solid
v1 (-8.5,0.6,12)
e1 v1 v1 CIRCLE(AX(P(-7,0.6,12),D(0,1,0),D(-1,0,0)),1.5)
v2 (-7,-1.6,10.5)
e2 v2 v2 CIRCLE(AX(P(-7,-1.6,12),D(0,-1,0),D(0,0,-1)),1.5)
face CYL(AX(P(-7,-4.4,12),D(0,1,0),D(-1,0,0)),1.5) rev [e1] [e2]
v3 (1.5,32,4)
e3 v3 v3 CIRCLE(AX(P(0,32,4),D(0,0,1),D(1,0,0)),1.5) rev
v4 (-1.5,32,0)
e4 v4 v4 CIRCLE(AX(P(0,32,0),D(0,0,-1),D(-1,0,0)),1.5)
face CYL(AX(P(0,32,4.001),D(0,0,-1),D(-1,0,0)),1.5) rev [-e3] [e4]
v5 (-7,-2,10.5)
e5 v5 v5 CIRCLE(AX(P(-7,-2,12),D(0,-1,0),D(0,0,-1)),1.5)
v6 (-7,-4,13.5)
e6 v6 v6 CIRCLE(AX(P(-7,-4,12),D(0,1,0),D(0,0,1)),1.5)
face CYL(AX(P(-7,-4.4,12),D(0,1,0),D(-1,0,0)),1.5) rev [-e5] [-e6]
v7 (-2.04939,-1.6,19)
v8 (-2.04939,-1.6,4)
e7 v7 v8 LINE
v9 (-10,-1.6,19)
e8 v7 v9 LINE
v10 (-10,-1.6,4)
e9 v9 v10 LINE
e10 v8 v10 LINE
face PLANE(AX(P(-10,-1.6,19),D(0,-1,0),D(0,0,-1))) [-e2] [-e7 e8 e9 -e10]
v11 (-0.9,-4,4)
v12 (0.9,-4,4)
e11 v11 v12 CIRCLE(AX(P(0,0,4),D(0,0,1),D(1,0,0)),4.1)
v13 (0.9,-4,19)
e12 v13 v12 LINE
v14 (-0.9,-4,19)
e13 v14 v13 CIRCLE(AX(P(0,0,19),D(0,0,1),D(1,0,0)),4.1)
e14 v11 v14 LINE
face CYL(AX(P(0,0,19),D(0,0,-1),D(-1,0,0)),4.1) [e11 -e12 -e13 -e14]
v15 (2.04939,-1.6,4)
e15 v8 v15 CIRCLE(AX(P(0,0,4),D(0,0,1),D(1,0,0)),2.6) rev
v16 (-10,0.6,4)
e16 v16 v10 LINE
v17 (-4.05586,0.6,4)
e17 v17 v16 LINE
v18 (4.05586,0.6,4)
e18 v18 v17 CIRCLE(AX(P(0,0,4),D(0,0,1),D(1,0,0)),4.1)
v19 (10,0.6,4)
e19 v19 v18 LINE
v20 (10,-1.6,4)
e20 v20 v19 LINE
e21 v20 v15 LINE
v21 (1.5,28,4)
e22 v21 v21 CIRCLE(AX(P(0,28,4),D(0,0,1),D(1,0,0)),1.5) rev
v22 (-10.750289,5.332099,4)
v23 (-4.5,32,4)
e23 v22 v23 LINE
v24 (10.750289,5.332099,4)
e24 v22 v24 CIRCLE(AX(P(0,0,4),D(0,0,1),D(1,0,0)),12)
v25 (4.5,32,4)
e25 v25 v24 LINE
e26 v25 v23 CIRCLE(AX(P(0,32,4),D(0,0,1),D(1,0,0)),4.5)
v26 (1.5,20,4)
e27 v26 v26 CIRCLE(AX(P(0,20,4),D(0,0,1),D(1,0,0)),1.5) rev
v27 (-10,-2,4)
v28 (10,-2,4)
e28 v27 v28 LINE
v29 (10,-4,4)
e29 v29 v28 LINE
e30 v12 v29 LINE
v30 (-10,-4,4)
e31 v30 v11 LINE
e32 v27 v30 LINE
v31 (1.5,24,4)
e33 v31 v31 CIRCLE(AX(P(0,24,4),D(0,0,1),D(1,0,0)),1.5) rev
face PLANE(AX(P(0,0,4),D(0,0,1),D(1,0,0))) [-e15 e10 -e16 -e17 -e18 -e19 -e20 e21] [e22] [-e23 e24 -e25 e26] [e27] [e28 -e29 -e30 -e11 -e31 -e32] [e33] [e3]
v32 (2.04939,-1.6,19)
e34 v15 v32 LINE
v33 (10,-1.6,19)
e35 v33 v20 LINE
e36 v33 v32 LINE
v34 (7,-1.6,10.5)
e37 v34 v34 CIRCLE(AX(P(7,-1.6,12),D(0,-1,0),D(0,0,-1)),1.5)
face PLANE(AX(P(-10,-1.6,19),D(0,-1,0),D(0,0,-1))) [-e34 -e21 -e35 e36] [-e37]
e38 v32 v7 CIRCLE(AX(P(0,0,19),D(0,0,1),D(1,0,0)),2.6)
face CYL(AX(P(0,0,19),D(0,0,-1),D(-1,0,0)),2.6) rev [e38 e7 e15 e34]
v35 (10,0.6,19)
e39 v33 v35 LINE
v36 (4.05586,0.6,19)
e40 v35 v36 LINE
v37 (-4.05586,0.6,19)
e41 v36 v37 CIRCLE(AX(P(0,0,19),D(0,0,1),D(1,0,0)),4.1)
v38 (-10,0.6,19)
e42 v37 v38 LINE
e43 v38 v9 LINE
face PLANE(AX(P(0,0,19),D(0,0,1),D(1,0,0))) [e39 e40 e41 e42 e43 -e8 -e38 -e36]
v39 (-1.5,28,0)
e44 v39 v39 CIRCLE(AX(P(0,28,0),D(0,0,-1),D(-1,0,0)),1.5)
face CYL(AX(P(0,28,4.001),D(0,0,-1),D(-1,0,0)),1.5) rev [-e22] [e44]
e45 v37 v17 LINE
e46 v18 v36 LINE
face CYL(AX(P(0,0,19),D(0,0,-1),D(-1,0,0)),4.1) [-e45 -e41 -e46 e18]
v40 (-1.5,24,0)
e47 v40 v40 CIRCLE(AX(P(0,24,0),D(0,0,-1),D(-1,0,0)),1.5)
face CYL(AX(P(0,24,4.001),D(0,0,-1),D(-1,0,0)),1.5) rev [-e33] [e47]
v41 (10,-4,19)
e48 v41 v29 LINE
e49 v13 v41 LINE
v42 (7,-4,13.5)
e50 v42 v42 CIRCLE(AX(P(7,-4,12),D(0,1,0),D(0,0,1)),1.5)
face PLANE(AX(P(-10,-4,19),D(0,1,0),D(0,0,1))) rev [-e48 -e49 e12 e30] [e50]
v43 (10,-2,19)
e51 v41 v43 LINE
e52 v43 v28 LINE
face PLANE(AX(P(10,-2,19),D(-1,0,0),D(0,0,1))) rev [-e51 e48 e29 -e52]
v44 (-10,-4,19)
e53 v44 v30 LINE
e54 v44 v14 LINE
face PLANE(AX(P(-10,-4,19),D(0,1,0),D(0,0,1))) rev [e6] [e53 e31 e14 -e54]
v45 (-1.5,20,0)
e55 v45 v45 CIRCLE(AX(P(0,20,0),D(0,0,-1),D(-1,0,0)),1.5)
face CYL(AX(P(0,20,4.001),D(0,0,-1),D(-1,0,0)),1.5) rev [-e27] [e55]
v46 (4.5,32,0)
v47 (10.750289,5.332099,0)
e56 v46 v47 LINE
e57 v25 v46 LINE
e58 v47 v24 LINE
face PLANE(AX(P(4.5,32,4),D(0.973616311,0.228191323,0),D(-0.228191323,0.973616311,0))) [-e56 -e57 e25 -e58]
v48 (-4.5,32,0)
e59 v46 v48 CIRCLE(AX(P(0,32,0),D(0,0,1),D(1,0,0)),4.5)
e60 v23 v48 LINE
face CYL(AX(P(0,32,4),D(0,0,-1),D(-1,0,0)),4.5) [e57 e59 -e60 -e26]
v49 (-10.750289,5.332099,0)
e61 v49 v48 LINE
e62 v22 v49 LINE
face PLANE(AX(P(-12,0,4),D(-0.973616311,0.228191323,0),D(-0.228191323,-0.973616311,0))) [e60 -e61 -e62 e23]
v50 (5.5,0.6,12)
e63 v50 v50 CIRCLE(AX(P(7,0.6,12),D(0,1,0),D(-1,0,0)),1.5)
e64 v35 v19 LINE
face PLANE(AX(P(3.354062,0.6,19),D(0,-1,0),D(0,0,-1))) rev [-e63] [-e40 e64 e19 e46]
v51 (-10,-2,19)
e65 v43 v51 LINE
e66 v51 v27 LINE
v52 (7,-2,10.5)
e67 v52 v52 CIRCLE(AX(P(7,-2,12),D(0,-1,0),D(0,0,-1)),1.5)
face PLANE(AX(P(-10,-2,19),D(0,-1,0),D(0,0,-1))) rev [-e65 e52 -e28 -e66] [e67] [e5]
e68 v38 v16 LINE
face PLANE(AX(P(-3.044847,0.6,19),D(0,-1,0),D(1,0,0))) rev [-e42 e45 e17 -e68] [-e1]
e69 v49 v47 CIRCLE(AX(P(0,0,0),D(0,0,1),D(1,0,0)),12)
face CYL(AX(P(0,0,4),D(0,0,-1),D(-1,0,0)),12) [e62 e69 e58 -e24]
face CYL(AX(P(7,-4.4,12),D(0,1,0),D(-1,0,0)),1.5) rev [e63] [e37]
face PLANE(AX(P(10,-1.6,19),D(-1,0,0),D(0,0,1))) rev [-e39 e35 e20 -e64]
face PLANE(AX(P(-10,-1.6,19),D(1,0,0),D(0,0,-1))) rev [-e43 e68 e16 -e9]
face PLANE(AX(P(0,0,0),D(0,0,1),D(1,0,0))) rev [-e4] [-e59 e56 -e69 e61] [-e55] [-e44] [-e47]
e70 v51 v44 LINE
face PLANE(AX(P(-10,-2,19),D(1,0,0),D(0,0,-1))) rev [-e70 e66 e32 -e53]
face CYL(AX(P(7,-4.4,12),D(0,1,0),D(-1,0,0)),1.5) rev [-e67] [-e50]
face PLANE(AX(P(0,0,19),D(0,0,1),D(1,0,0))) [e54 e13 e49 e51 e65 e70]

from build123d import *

# Parameters (mm, degrees)
SZKIC1_R                      = 12
DODANIE_WYCI_GNI_CIE2_DEPTH   = 4
SZKIC1_R_2                    = 4.5
DODANIE_WYCI_GNI_CIE2_2_DEPTH = 4
DODANIE_WYCI_GNI_CIE3_DEPTH   = 4
WYTNIJ_WYCI_GNI_CIE1_REACH    = 40.63
SZKIC3_R                      = 1.5
SZKIC4_R                      = 4.1
SZKIC4_R_2                    = 2.6
DODANIE_WYCI_GNI_CIE4_DEPTH   = 15
SZKIC5_W                      = 20
SZKIC5_H                      = 2
DODANIE_WYCI_GNI_CIE5_DEPTH   = 15
SZKIC6_W                      = 16
SZKIC6_H                      = 0.4
WYTNIJ_WYCI_GNI_CIE2_DEPTH    = 15
SZKIC7_W                      = 6.95515277
SZKIC7_H                      = 2.2
SZKIC7_W_2                    = 6.645937882
DODANIE_WYCI_GNI_CIE6_DEPTH   = 15
SZKIC10_R                     = 1.5
WYTNIJ_WYCI_GNI_CIE4_DEPTH    = 5


with BuildPart() as part:
    # Szkic1 → Dodanie-wyciągnięcie2 (new body)
    with BuildSketch(Plane.XY):
        Circle(SZKIC1_R)
    extrude(amount=DODANIE_WYCI_GNI_CIE2_DEPTH)



with BuildPart() as body_2:
    # Szkic1 → Dodanie-wyci_gni_cie2 2 (new body)
    with BuildSketch(Plane.XY):
        with Locations((0, 32)):
            Circle(SZKIC1_R_2)
    extrude(amount=DODANIE_WYCI_GNI_CIE2_2_DEPTH)


with BuildPart() as part_1:
    add(part.part)

    add(body_2.part)  # Dodanie-wyciągnięcie3 merges body 2
    # Szkic2 → Dodanie-wyciągnięcie3 (add)
    with BuildSketch(Plane(origin=(0, 0, 0), x_dir=(-1, 0, 0), z_dir=(0, 0, -1))):
        Polygon((-4.5, 32), (-12, 0), (12, 0), (4.5, 32), align=None)
    extrude(amount=-DODANIE_WYCI_GNI_CIE3_DEPTH)

    # Szkic3 → Wytnij-wyciągnięcie1 (cut, up to next)
    with BuildSketch(Plane(origin=(0, 0, 0), x_dir=(-1, 0, 0), z_dir=(0, 0, -1)), mode=Mode.PRIVATE) as wytnij_wyci_gni_cie1_sk1:
        with Locations((0, 32)):
            Circle(SZKIC3_R)
    wytnij_wyci_gni_cie1_tool1 = extrude(wytnij_wyci_gni_cie1_sk1.sketch, amount=-WYTNIJ_WYCI_GNI_CIE1_REACH, mode=Mode.PRIVATE) & part_1.part
    # Szkic3 → Wytnij-wyciągnięcie1 (cut, up to next)
    with BuildSketch(Plane(origin=(0, 0, 0), x_dir=(-1, 0, 0), z_dir=(0, 0, -1)), mode=Mode.PRIVATE) as wytnij_wyci_gni_cie1_sk2:
        with Locations((0, 28)):
            Circle(SZKIC3_R)
    wytnij_wyci_gni_cie1_tool2 = extrude(wytnij_wyci_gni_cie1_sk2.sketch, amount=-WYTNIJ_WYCI_GNI_CIE1_REACH, mode=Mode.PRIVATE) & part_1.part
    # Szkic3 → Wytnij-wyciągnięcie1 (cut, up to next)
    with BuildSketch(Plane(origin=(0, 0, 0), x_dir=(-1, 0, 0), z_dir=(0, 0, -1)), mode=Mode.PRIVATE) as wytnij_wyci_gni_cie1_sk3:
        with Locations((0, 24)):
            Circle(SZKIC3_R)
    wytnij_wyci_gni_cie1_tool3 = extrude(wytnij_wyci_gni_cie1_sk3.sketch, amount=-WYTNIJ_WYCI_GNI_CIE1_REACH, mode=Mode.PRIVATE) & part_1.part
    # Szkic3 → Wytnij-wyciągnięcie1 (cut, up to next)
    with BuildSketch(Plane(origin=(0, 0, 0), x_dir=(-1, 0, 0), z_dir=(0, 0, -1)), mode=Mode.PRIVATE) as wytnij_wyci_gni_cie1_sk4:
        with Locations((0, 20)):
            Circle(SZKIC3_R)
    wytnij_wyci_gni_cie1_tool4 = extrude(wytnij_wyci_gni_cie1_sk4.sketch, amount=-WYTNIJ_WYCI_GNI_CIE1_REACH, mode=Mode.PRIVATE) & part_1.part
    add(wytnij_wyci_gni_cie1_tool1.solids().sort_by_distance((0, 32, 0))[0], mode=Mode.SUBTRACT)
    add(wytnij_wyci_gni_cie1_tool2.solids().sort_by_distance((0, 28, 0))[0], mode=Mode.SUBTRACT)
    add(wytnij_wyci_gni_cie1_tool3.solids().sort_by_distance((0, 24, 0))[0], mode=Mode.SUBTRACT)
    add(wytnij_wyci_gni_cie1_tool4.solids().sort_by_distance((0, 20, 0))[0], mode=Mode.SUBTRACT)

    # Szkic4 → Dodanie-wyciągnięcie4 (add)
    with BuildSketch(Plane.XY.offset(4)):
        Circle(SZKIC4_R)
        Circle(SZKIC4_R_2, mode=Mode.SUBTRACT)
    extrude(amount=DODANIE_WYCI_GNI_CIE4_DEPTH)

    # Szkic5 → Dodanie-wyciągnięcie5 (add)
    with BuildSketch(Plane.XY.offset(4)):
        with Locations((0, -3)):
            Rectangle(SZKIC5_W, SZKIC5_H)
    extrude(amount=DODANIE_WYCI_GNI_CIE5_DEPTH)

    # Szkic6 → Wytnij-wyciągnięcie2 (cut)
    with BuildSketch(Plane.XY.offset(4)):
        with Locations((-2, -1.8)):
            Rectangle(SZKIC6_W, SZKIC6_H)
    extrude(amount=WYTNIJ_WYCI_GNI_CIE2_DEPTH, mode=Mode.SUBTRACT)

    # Szkic7 → Dodanie-wyciągnięcie6 (add)
    with BuildSketch(Plane.XY.offset(4)):
        with Locations((-6.522423615, -0.5)):
            Rectangle(SZKIC7_W, SZKIC7_H)
        with Locations((6.677031059, -0.5)):
            Rectangle(SZKIC7_W_2, SZKIC7_H)
    extrude(amount=DODANIE_WYCI_GNI_CIE6_DEPTH)

    # Szkic10 → Wytnij-wyciągnięcie4 (cut)
    with BuildSketch(Plane(origin=(0, 0.6, 0), x_dir=(1, 0, 0), z_dir=(0, 1, 0))):
        with Locations(Location((-7, -12, 0), (0, 0, 180))):
            Circle(SZKIC10_R)
        with Locations(Location((7, -12, 0), (0, 0, 180))):
            Circle(SZKIC10_R)
    extrude(amount=-WYTNIJ_WYCI_GNI_CIE4_DEPTH, mode=Mode.SUBTRACT)


solid = part_1.part
